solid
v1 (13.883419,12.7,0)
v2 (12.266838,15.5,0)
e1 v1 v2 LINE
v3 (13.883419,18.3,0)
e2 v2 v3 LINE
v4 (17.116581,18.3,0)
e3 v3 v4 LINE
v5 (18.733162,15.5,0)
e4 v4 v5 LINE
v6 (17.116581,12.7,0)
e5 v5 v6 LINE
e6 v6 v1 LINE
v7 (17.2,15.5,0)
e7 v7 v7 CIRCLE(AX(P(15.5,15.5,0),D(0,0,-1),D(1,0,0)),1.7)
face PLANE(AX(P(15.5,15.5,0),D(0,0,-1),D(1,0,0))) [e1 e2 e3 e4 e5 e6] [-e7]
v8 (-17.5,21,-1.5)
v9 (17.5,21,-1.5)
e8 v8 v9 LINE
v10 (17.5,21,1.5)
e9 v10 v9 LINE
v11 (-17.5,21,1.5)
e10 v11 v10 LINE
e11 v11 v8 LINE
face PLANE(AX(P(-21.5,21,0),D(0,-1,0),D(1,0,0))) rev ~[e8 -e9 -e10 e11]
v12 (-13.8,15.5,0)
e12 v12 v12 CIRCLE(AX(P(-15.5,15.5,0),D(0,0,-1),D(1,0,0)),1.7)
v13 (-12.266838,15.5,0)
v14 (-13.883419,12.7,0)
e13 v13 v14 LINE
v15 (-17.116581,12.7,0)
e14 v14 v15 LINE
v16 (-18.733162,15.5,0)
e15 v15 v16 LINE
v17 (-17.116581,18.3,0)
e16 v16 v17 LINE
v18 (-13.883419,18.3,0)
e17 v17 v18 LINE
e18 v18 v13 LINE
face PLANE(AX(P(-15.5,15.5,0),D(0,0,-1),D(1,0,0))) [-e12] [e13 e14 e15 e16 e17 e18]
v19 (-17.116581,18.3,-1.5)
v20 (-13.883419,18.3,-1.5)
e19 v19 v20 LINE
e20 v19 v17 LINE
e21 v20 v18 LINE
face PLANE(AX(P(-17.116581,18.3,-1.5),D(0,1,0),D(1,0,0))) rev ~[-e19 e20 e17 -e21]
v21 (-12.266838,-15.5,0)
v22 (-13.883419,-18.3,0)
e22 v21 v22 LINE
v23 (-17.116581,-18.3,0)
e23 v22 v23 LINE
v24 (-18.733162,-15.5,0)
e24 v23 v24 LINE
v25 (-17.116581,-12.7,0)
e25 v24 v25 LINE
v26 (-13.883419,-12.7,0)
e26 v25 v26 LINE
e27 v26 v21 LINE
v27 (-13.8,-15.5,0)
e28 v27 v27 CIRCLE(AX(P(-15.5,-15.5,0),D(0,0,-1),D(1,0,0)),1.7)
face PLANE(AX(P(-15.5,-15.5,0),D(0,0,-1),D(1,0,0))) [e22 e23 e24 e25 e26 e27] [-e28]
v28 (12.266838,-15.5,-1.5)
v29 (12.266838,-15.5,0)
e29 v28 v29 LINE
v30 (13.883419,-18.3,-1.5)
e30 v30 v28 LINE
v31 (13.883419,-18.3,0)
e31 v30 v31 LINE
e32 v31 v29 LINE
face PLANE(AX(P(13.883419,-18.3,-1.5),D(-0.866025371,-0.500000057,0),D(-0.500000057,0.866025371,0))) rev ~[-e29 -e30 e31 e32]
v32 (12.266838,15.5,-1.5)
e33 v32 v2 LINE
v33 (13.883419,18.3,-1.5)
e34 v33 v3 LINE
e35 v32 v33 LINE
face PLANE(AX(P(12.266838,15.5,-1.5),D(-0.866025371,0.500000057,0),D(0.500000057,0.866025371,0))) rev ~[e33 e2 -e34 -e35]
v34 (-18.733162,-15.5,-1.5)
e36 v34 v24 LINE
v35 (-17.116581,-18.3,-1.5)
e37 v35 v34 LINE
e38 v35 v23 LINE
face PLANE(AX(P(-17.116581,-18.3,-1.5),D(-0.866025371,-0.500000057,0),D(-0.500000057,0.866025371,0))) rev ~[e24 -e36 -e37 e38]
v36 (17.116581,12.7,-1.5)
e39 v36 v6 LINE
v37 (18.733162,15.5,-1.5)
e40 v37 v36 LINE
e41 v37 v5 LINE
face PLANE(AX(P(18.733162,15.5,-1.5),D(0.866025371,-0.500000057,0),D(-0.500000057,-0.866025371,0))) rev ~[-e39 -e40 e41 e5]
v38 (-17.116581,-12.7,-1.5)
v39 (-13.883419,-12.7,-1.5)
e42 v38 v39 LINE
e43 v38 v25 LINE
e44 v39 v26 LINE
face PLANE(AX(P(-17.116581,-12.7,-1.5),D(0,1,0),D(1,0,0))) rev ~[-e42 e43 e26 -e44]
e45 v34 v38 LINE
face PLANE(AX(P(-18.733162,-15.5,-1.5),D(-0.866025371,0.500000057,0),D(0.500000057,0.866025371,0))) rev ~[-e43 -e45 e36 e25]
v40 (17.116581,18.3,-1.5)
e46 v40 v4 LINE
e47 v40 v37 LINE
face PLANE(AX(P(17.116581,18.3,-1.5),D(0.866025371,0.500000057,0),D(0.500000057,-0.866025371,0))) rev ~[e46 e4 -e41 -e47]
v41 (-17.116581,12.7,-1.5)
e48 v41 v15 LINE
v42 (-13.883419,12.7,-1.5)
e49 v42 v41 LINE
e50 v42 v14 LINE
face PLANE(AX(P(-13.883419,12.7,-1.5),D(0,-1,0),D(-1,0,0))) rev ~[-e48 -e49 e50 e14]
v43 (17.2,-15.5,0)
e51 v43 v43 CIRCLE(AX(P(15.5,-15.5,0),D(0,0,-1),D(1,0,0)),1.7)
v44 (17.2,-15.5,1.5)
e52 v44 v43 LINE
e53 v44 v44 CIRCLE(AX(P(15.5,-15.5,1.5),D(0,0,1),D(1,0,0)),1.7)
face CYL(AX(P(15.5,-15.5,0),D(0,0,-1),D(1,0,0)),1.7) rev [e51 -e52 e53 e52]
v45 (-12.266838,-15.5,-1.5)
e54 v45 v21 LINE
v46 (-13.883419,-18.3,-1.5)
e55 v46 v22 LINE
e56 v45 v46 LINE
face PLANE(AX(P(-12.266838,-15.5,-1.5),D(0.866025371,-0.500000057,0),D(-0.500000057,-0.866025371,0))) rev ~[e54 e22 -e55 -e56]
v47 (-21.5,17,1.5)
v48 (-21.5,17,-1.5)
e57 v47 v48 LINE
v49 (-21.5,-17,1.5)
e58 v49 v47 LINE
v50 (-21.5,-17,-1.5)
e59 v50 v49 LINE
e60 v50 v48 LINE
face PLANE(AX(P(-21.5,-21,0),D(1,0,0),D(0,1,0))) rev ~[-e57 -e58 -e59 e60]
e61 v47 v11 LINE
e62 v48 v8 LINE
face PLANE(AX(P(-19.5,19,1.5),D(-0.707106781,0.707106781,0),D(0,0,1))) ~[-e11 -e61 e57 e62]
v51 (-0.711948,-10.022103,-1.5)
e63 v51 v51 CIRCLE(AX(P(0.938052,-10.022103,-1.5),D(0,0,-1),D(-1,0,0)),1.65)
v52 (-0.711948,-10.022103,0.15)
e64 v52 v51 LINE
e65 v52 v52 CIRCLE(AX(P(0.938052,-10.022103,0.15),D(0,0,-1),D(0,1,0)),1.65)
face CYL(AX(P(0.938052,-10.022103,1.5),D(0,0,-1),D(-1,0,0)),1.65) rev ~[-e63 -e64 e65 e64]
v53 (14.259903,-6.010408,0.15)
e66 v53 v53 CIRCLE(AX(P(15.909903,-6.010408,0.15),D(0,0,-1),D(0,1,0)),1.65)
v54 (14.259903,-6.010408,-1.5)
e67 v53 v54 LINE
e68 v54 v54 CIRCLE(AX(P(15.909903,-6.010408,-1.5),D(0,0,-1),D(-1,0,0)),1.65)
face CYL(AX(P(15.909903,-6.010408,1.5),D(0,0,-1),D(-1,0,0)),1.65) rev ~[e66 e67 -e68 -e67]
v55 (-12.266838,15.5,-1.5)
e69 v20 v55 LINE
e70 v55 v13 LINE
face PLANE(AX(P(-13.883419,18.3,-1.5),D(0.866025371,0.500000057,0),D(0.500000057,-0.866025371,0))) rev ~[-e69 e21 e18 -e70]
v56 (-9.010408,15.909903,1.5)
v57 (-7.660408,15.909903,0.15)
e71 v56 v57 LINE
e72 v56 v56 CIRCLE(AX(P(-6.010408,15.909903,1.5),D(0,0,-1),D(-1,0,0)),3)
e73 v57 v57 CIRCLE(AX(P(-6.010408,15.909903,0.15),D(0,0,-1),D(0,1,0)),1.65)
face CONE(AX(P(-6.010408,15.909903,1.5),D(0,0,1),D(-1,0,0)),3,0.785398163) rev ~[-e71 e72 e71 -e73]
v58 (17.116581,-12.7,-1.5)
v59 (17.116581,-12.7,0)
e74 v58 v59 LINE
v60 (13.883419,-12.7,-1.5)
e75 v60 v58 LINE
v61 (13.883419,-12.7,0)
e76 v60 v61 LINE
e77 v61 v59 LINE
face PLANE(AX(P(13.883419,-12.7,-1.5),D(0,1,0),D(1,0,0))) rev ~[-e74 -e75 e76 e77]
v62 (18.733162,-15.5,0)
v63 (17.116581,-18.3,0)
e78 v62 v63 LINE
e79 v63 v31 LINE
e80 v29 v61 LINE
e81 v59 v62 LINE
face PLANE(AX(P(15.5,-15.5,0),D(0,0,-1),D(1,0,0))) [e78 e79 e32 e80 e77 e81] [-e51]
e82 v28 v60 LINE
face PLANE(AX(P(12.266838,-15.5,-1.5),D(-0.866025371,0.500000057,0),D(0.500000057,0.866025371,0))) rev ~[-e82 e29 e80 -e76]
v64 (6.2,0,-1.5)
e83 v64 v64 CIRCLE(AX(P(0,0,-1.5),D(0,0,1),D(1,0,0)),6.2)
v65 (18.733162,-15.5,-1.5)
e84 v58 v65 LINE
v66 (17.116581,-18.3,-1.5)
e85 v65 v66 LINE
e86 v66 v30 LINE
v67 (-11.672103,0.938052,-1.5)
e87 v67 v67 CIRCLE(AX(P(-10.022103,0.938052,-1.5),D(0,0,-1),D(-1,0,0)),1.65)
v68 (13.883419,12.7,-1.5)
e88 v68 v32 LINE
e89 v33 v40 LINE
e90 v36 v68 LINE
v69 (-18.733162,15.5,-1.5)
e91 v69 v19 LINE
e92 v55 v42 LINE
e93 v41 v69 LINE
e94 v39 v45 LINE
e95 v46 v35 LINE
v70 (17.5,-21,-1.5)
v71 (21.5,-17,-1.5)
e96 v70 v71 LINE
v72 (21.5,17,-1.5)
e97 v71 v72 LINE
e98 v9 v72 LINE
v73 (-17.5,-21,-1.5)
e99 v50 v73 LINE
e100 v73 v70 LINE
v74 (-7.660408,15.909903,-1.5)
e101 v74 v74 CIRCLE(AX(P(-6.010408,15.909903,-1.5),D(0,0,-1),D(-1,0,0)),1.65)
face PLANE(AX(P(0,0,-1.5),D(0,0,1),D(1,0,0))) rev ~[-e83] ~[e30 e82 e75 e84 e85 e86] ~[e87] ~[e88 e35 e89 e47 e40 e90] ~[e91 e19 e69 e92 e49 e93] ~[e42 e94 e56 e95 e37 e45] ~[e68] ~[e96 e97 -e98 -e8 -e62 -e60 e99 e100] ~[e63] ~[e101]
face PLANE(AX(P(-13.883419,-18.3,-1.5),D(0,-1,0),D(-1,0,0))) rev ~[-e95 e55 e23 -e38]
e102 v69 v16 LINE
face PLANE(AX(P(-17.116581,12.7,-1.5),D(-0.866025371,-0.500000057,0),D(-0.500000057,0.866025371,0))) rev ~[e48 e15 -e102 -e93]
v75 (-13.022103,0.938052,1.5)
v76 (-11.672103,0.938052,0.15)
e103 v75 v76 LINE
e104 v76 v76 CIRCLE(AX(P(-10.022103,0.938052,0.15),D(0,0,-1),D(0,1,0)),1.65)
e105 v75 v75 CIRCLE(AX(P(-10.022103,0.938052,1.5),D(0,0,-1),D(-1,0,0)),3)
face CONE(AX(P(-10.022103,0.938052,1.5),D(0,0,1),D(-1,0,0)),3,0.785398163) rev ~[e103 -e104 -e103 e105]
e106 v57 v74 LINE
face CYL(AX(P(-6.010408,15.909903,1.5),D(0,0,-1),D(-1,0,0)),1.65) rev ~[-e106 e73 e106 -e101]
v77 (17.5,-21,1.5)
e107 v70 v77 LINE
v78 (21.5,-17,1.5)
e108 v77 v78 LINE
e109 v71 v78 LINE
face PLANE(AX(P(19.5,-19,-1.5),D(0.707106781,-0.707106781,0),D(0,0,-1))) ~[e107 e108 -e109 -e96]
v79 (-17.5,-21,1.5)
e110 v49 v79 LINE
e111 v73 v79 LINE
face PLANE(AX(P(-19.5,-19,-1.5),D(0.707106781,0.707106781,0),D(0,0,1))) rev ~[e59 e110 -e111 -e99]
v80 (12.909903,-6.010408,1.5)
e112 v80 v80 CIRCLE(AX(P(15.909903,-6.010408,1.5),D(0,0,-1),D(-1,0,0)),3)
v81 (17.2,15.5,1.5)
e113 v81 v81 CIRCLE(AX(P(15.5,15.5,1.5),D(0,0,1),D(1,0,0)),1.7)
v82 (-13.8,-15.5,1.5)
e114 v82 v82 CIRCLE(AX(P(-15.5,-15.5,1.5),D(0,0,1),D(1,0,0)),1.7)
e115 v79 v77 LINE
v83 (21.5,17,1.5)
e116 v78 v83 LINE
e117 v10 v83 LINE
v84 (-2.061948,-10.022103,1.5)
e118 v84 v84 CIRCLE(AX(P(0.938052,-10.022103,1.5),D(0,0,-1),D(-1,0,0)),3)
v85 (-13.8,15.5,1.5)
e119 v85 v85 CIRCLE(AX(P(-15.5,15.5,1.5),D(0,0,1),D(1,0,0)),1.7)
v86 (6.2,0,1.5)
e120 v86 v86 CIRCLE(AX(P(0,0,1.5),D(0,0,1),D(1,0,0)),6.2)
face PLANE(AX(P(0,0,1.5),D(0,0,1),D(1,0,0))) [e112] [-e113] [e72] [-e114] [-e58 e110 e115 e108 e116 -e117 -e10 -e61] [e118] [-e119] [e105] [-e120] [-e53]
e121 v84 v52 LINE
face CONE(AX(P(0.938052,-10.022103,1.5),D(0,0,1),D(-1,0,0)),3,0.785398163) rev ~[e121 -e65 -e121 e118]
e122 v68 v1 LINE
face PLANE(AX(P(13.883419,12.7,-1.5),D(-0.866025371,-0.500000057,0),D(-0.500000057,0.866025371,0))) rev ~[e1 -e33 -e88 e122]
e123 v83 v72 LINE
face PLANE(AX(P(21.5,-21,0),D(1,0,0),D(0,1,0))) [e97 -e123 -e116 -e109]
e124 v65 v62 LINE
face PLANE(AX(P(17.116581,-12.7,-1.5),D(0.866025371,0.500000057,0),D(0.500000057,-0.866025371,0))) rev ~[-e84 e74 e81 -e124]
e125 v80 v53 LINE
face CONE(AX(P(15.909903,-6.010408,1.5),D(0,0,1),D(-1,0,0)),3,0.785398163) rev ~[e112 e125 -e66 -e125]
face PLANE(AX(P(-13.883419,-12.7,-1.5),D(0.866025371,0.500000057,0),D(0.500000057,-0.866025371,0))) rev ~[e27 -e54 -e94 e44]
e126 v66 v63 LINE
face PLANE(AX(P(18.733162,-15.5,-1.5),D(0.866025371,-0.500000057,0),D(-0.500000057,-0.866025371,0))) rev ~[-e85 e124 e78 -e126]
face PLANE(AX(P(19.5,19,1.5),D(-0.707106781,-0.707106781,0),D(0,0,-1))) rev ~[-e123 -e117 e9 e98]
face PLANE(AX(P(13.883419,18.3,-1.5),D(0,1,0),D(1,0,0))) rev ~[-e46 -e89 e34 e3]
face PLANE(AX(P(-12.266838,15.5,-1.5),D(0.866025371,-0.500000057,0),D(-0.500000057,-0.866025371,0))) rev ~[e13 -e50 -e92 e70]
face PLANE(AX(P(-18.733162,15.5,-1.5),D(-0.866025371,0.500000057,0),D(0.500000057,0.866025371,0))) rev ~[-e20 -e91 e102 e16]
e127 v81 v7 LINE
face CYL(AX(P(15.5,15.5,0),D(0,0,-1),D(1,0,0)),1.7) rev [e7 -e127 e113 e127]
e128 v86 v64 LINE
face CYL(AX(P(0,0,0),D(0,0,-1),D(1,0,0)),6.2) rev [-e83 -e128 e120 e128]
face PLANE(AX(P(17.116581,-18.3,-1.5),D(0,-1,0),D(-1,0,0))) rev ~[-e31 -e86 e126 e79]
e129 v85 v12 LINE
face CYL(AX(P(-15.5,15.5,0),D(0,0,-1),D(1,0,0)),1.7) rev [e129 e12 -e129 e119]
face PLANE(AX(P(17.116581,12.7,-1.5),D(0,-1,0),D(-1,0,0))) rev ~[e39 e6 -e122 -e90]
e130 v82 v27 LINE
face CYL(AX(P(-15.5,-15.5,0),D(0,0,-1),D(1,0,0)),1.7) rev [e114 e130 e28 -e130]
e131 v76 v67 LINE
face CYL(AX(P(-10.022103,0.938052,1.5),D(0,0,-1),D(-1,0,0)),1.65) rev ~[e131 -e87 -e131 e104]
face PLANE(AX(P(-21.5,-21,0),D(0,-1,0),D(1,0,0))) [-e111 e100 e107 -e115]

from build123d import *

# Parameters (mm, degrees)
SKETCH_W         = 43
SKETCH_H         = 42
SKETCH_R         = 6.2
SKETCH_R_2       = 1.7
PAD_DEPTH        = 1.5
HOLE_D           = 3.3
HOLE_CSINK_D     = 6
HOLE_CSINK_ANGLE = 90
POCKET_DEPTH     = 1.5
CHAMFER_SIZE     = 4


with BuildPart() as part:
    # Sketch → Pad (new body, symmetric)
    with BuildSketch(Plane.XY):
        Rectangle(SKETCH_W, SKETCH_H)
        Circle(SKETCH_R, mode=Mode.SUBTRACT)
        with Locations((-15.5, 15.5)):
            Circle(SKETCH_R_2, mode=Mode.SUBTRACT)
        with Locations((15.5, 15.5)):
            Circle(SKETCH_R_2, mode=Mode.SUBTRACT)
        with Locations((-15.5, -15.5)):
            Circle(SKETCH_R_2, mode=Mode.SUBTRACT)
        with Locations((15.5, -15.5)):
            Circle(SKETCH_R_2, mode=Mode.SUBTRACT)
    extrude(amount=PAD_DEPTH, both=True)

    # Hole (through all)
    with Locations(Plane.XY.offset(1.5)):
        with Locations((15.909903, -6.010408), (0.938052, -10.022103), (-6.010408, 15.909903), (-10.022103, 0.938052)):
            CounterSinkHole(HOLE_D / 2, HOLE_CSINK_D / 2, counter_sink_angle=HOLE_CSINK_ANGLE)

    # Sketch004 (on Face4 of Hole) → Pocket (cut)
    with BuildSketch(Plane(origin=(0, 0, -1.5), x_dir=(1, 0, 0), z_dir=(0, 0, -1))):
        Polygon((-13.883419, 12.7), (-12.266838, 15.5), (-13.883419, 18.3), (-17.116581, 18.3), (-18.733162, 15.5), (-17.116581, 12.7), align=None)
        Polygon((13.883419, 12.7), (17.116581, 12.7), (18.733162, 15.5), (17.116581, 18.3), (13.883419, 18.3), (12.266838, 15.5), align=None)
        Polygon((17.116581, -12.7), (13.883419, -12.7), (12.266838, -15.5), (13.883419, -18.3), (17.116581, -18.3), (18.733162, -15.5), align=None)
        Polygon((-13.883419, -12.7), (-17.116581, -12.7), (-18.733162, -15.5), (-17.116581, -18.3), (-13.883419, -18.3), (-12.266838, -15.5), align=None)
    extrude(amount=-POCKET_DEPTH, mode=Mode.SUBTRACT)

    # Chamfer
    chamfer_edges = [part.edges().sort_by_distance(p)[0] for p in [
        (21.5, -21, 0),
        (21.5, 21, 0),
        (-21.5, 21, 0),
        (-21.5, -21, 0),
    ]]
    chamfer(chamfer_edges, length=CHAMFER_SIZE)


solid = part.part
